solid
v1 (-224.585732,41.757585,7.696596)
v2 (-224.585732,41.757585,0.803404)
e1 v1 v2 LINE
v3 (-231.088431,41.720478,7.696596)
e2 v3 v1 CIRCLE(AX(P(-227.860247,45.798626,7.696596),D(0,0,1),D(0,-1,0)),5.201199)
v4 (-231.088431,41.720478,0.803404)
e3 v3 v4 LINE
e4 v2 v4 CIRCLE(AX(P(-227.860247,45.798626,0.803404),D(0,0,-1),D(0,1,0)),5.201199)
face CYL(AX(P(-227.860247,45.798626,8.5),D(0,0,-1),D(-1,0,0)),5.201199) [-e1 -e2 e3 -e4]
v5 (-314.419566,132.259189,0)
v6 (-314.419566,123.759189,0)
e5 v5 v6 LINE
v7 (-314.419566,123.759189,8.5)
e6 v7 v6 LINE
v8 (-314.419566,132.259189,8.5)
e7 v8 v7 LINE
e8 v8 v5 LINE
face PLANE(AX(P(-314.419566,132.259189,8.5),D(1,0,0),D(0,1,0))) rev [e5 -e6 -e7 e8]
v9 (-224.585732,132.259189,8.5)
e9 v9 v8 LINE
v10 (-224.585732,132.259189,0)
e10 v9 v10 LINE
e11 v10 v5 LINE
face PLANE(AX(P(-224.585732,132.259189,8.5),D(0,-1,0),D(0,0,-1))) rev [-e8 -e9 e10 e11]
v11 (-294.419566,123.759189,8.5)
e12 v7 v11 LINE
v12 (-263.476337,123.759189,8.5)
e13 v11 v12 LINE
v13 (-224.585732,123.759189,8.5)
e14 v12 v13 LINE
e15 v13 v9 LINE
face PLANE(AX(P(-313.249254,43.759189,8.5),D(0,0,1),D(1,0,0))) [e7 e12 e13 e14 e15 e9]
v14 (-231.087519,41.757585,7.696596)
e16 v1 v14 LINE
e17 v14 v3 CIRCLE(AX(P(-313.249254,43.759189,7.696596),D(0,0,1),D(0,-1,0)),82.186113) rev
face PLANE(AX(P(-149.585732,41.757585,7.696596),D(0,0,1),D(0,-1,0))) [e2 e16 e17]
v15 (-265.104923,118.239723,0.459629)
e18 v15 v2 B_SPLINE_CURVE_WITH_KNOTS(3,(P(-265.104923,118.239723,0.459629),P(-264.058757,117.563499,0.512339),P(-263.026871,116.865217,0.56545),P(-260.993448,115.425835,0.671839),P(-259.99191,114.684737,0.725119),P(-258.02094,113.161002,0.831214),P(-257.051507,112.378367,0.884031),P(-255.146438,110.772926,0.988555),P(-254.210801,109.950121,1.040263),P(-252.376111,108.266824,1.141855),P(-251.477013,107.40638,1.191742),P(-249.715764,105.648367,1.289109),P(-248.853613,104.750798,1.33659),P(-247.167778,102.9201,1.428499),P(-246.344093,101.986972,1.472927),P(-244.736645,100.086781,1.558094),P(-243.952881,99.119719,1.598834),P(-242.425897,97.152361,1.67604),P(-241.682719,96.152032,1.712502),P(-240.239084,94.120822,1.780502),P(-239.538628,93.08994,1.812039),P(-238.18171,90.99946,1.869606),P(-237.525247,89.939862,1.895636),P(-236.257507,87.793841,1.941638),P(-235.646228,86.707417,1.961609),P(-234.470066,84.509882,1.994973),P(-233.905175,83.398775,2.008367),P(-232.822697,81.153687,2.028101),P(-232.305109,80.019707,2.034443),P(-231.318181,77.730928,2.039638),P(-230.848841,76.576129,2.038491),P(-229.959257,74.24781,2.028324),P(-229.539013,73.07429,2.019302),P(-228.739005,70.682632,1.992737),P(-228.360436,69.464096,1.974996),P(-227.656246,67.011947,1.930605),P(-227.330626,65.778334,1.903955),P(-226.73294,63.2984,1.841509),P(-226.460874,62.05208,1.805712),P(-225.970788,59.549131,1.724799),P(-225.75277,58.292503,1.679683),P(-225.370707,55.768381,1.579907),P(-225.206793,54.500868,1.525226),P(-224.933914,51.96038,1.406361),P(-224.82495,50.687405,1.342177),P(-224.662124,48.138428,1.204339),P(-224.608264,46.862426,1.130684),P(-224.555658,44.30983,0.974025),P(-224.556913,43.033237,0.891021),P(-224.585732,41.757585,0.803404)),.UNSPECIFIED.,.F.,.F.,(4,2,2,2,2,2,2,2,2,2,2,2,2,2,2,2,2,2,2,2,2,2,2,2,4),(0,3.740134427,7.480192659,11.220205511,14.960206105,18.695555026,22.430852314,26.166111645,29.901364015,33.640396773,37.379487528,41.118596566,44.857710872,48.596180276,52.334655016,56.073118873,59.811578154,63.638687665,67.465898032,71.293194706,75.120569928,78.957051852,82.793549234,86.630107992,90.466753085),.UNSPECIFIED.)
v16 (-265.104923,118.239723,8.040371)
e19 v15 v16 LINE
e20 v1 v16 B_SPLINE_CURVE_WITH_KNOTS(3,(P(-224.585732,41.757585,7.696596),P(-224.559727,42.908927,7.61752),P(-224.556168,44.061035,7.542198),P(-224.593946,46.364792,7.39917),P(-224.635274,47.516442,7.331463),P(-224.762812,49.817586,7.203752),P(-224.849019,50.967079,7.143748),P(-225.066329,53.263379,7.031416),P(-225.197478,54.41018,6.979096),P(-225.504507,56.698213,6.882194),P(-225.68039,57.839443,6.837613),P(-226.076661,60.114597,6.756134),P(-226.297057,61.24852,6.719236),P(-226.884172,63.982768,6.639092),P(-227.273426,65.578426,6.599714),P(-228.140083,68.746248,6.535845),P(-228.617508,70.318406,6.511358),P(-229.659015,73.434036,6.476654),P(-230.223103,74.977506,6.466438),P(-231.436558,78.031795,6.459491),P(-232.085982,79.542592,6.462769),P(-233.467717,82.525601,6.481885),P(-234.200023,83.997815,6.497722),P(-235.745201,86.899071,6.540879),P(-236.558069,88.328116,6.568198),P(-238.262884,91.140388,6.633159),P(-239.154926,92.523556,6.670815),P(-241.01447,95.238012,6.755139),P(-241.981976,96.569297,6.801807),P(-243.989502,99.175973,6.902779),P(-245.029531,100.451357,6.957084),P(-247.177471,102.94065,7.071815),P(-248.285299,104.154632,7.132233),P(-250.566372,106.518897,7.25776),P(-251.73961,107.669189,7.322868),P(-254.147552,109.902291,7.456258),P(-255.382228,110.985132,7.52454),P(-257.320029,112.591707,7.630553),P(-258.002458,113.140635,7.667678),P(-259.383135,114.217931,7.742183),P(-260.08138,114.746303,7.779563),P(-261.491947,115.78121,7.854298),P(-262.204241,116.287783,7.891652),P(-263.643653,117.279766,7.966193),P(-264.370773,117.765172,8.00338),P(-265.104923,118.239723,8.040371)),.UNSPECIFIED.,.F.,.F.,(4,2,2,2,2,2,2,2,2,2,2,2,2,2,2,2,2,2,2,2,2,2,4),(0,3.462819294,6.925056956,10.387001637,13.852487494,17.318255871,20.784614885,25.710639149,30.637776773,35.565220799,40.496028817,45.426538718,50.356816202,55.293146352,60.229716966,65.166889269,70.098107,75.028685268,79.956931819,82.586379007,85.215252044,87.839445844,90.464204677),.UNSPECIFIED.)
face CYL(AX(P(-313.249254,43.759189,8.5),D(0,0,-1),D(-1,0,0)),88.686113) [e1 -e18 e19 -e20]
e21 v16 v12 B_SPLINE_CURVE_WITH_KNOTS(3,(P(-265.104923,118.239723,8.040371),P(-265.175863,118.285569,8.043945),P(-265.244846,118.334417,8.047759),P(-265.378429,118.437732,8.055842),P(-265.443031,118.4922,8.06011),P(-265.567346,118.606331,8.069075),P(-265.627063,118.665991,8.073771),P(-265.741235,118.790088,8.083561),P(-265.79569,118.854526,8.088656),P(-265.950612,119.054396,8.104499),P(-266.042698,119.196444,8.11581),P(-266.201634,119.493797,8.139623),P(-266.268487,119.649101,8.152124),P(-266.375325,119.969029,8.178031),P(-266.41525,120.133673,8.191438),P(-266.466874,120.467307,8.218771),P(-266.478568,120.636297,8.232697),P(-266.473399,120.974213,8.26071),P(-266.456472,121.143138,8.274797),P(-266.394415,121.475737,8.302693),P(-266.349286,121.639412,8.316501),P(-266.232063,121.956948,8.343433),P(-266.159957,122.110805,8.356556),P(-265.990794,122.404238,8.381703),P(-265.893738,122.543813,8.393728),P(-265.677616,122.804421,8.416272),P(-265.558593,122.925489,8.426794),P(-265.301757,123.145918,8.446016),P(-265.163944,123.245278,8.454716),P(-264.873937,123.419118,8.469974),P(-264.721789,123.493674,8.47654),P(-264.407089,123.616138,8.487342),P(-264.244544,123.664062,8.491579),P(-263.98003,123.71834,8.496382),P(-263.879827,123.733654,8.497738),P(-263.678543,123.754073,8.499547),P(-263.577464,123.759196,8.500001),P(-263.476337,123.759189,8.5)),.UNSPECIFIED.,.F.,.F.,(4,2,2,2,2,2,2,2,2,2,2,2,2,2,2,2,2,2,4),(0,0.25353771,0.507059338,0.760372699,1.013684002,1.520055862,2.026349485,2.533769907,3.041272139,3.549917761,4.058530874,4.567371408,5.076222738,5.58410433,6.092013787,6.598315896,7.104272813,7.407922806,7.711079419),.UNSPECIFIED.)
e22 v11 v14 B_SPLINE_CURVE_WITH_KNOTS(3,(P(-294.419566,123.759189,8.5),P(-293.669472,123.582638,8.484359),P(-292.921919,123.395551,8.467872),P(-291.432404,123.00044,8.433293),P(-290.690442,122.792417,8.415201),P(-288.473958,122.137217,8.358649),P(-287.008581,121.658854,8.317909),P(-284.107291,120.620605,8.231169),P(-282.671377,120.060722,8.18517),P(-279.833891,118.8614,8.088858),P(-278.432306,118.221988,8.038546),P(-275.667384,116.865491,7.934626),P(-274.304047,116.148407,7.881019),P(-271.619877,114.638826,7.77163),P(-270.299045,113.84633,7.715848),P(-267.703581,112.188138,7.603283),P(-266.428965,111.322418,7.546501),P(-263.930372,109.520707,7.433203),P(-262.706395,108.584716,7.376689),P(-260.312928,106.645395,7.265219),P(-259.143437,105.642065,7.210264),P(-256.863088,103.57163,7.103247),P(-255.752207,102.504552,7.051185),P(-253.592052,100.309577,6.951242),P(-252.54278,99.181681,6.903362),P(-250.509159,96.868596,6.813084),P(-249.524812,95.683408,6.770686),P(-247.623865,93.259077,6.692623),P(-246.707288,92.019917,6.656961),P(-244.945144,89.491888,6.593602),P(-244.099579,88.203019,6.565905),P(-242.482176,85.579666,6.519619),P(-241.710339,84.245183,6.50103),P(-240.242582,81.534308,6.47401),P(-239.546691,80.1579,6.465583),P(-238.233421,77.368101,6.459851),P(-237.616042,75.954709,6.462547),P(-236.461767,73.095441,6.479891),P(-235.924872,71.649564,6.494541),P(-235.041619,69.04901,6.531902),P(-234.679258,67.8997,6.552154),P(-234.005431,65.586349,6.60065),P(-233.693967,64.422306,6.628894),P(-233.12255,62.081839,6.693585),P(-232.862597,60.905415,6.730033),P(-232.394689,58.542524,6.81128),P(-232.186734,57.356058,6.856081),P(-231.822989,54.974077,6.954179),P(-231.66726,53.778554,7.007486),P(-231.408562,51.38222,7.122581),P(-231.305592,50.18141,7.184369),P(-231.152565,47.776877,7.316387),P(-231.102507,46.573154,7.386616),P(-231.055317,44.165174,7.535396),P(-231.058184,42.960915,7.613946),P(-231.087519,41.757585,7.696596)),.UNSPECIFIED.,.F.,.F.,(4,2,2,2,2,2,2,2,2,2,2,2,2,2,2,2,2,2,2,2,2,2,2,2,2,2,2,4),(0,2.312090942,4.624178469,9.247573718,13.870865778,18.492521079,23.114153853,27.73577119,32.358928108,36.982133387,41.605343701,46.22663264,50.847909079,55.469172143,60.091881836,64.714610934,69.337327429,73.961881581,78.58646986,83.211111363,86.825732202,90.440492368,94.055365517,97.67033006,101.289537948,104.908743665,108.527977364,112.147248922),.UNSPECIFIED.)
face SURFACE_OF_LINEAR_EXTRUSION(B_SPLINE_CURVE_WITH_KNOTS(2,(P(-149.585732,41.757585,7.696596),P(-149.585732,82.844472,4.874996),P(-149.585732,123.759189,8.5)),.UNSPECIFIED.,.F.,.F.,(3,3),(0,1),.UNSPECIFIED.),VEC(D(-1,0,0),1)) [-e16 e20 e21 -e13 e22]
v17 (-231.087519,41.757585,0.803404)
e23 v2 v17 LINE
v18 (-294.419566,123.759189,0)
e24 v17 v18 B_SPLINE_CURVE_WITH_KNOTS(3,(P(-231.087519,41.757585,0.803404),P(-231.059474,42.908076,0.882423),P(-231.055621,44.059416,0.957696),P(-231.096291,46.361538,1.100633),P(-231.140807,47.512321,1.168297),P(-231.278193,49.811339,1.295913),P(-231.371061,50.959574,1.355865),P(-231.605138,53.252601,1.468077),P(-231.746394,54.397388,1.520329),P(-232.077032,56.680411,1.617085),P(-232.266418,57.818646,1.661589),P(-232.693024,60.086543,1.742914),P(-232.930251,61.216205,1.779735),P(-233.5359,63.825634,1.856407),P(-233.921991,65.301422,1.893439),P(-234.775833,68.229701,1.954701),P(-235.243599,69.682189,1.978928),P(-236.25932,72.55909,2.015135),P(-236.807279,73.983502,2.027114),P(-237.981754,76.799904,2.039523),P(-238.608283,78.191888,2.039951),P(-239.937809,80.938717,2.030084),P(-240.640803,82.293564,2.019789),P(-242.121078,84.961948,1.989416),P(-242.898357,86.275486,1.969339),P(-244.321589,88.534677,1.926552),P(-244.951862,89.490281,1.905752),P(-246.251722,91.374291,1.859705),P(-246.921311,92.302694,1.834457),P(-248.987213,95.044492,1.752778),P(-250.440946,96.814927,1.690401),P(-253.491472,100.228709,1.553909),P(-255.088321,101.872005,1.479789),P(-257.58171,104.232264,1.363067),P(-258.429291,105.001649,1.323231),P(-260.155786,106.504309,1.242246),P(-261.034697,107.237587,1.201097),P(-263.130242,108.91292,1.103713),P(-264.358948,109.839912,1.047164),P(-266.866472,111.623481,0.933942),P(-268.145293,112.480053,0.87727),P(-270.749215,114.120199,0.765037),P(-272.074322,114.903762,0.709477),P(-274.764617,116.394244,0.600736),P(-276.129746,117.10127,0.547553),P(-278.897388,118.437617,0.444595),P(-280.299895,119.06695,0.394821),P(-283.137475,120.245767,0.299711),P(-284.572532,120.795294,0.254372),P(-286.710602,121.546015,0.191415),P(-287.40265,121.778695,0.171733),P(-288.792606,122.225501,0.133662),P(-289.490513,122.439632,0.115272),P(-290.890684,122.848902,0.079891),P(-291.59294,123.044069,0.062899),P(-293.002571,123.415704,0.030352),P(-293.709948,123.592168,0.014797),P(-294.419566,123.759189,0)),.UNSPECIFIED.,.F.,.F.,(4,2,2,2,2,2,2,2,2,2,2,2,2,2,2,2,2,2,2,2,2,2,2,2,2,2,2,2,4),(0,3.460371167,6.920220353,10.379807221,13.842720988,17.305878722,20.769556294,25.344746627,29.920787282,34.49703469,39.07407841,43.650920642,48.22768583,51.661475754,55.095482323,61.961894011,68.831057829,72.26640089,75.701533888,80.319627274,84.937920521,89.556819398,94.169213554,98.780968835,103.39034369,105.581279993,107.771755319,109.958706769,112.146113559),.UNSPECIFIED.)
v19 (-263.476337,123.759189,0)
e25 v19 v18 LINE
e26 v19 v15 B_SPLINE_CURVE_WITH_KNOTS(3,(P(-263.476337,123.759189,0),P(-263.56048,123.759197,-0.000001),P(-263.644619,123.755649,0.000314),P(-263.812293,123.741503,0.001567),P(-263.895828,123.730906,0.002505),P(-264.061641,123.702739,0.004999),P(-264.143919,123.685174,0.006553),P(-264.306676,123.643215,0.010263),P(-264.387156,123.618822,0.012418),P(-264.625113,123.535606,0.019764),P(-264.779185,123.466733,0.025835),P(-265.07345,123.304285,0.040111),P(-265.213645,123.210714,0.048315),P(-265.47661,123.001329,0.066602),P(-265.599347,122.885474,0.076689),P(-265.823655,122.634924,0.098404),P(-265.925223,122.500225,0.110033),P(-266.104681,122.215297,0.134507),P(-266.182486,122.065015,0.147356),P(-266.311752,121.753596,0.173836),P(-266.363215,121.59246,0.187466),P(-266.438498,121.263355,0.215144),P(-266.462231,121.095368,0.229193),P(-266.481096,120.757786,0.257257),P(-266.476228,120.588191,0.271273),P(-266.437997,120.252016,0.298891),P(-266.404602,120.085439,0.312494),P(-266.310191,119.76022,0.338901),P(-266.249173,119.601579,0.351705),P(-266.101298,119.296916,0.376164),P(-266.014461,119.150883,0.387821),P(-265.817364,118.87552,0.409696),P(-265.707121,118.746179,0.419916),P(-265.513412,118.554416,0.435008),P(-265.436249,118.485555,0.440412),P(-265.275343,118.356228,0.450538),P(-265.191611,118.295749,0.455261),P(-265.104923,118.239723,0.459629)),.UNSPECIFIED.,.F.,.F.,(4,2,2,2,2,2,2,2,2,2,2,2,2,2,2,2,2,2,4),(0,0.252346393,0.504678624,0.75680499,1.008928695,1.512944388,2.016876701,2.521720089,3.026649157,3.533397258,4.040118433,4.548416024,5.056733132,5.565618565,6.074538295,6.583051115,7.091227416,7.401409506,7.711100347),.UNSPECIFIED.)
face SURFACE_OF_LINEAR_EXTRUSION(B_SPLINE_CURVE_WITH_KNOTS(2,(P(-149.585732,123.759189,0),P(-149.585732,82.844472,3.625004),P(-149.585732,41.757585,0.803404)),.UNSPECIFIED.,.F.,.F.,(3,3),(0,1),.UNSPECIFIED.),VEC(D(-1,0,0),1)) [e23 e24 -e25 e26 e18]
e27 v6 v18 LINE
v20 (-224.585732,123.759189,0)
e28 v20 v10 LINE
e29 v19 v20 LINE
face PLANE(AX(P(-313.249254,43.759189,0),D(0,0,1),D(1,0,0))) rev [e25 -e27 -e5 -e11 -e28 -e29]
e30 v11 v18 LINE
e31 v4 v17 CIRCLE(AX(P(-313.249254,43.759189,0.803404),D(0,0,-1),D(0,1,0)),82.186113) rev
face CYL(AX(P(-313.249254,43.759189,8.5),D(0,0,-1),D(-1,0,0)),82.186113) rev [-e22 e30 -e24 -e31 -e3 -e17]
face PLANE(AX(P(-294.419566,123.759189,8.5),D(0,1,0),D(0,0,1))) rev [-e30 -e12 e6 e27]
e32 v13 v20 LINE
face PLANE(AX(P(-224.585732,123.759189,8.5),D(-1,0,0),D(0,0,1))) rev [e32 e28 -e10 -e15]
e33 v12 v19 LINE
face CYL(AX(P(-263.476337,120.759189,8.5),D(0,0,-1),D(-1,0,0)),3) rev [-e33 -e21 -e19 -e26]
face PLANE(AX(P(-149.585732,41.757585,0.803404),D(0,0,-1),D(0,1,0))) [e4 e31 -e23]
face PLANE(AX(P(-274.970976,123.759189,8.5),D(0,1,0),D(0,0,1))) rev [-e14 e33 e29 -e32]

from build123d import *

# Parameters (mm, degrees)
BOSS_EXTRU_1_DEPTH           = 8.5
CONG_1_R                     = 3
ENL_V_MAT_EXTRU_1_DEPTH      = 75
ENL_V_MAT_EXTRU_1_DEPTH_BACK = 75


with BuildPart() as part:
    # Esquisse1 → Boss.-Extru.1 (new body)
    with BuildSketch(Plane.XY):
        with BuildLine():
            Line((-224.585731899, 132.259188945), (-314.419566448, 132.259188945))
            Line((-314.419566448, 132.259188945), (-314.419566448, 123.759188945))
            Line((-314.419566448, 123.759188945), (-294.419566448, 123.759188945))
            ThreePointArc((-294.419566448, 123.759188945), (-248.192676197, 93.980686318), (-231.088431446, 41.720477627))
            ThreePointArc((-231.088431446, 41.720477627), (-227.830567684, 40.59751219), (-224.585731899, 41.757584768))
            ThreePointArc((-224.585731899, 41.757584768), (-237.687220273, 90.187689192), (-274.970975671, 123.759188945))
            Line((-274.970975671, 123.759188945), (-224.585731899, 123.759188945))
            Line((-224.585731899, 123.759188945), (-224.585731899, 132.259188945))
        make_face()
    extrude(amount=BOSS_EXTRU_1_DEPTH)

    # Congé1
    cong_1_edges = [part.edges().sort_by_distance(p)[0] for p in [
        (-274.970975671, 123.759188945, 4.25),
    ]]
    fillet(cong_1_edges, radius=CONG_1_R)

    # Esquisse2 → Enlèv. mat.-Extru.1 (cut, two sides: drawn at the far end of the back side and taken through both)
    with BuildSketch(Plane(origin=(-224.585731899, 0, 0), x_dir=(0, 0, -1), z_dir=(1, 0, 0)).offset(-ENL_V_MAT_EXTRU_1_DEPTH_BACK)):
        with BuildLine():
            Line((-8.5, 81.05443386), (-8.5, 123.759188945))
            add(Edge.make_bspline(
                [(-7.696595714, 41.757584768), (-4.874996001, 82.844472097), (-8.5, 123.759188945)],
                knots=[0, 0, 0, 1, 1, 1], degree=2))
            Line((-7.696595714, 41.757584768), (-7.696595714, 34.641133104))
            Line((-7.696595714, 34.641133104), (-8.5, 34.641133104))
            Line((-8.5, 34.641133104), (-8.5, 81.05443386))
        make_face()
        with BuildLine():
            Line((0, 123.759188945), (0, 81.05443386))
            Line((0, 81.05443386), (0, 36.772624368))
            Line((0, 36.772624368), (-0.803404286, 36.772624368))
            Line((-0.803404286, 36.772624368), (-0.803404286, 41.757584768))
            add(Edge.make_bspline(
                [(-0.803404286, 41.757584768), (-3.625003999, 82.844472097), (0, 123.759188945)],
                knots=[0, 0, 0, 1, 1, 1], degree=2))
        make_face()
    extrude(amount=ENL_V_MAT_EXTRU_1_DEPTH + ENL_V_MAT_EXTRU_1_DEPTH_BACK, mode=Mode.SUBTRACT)


solid = part.part
